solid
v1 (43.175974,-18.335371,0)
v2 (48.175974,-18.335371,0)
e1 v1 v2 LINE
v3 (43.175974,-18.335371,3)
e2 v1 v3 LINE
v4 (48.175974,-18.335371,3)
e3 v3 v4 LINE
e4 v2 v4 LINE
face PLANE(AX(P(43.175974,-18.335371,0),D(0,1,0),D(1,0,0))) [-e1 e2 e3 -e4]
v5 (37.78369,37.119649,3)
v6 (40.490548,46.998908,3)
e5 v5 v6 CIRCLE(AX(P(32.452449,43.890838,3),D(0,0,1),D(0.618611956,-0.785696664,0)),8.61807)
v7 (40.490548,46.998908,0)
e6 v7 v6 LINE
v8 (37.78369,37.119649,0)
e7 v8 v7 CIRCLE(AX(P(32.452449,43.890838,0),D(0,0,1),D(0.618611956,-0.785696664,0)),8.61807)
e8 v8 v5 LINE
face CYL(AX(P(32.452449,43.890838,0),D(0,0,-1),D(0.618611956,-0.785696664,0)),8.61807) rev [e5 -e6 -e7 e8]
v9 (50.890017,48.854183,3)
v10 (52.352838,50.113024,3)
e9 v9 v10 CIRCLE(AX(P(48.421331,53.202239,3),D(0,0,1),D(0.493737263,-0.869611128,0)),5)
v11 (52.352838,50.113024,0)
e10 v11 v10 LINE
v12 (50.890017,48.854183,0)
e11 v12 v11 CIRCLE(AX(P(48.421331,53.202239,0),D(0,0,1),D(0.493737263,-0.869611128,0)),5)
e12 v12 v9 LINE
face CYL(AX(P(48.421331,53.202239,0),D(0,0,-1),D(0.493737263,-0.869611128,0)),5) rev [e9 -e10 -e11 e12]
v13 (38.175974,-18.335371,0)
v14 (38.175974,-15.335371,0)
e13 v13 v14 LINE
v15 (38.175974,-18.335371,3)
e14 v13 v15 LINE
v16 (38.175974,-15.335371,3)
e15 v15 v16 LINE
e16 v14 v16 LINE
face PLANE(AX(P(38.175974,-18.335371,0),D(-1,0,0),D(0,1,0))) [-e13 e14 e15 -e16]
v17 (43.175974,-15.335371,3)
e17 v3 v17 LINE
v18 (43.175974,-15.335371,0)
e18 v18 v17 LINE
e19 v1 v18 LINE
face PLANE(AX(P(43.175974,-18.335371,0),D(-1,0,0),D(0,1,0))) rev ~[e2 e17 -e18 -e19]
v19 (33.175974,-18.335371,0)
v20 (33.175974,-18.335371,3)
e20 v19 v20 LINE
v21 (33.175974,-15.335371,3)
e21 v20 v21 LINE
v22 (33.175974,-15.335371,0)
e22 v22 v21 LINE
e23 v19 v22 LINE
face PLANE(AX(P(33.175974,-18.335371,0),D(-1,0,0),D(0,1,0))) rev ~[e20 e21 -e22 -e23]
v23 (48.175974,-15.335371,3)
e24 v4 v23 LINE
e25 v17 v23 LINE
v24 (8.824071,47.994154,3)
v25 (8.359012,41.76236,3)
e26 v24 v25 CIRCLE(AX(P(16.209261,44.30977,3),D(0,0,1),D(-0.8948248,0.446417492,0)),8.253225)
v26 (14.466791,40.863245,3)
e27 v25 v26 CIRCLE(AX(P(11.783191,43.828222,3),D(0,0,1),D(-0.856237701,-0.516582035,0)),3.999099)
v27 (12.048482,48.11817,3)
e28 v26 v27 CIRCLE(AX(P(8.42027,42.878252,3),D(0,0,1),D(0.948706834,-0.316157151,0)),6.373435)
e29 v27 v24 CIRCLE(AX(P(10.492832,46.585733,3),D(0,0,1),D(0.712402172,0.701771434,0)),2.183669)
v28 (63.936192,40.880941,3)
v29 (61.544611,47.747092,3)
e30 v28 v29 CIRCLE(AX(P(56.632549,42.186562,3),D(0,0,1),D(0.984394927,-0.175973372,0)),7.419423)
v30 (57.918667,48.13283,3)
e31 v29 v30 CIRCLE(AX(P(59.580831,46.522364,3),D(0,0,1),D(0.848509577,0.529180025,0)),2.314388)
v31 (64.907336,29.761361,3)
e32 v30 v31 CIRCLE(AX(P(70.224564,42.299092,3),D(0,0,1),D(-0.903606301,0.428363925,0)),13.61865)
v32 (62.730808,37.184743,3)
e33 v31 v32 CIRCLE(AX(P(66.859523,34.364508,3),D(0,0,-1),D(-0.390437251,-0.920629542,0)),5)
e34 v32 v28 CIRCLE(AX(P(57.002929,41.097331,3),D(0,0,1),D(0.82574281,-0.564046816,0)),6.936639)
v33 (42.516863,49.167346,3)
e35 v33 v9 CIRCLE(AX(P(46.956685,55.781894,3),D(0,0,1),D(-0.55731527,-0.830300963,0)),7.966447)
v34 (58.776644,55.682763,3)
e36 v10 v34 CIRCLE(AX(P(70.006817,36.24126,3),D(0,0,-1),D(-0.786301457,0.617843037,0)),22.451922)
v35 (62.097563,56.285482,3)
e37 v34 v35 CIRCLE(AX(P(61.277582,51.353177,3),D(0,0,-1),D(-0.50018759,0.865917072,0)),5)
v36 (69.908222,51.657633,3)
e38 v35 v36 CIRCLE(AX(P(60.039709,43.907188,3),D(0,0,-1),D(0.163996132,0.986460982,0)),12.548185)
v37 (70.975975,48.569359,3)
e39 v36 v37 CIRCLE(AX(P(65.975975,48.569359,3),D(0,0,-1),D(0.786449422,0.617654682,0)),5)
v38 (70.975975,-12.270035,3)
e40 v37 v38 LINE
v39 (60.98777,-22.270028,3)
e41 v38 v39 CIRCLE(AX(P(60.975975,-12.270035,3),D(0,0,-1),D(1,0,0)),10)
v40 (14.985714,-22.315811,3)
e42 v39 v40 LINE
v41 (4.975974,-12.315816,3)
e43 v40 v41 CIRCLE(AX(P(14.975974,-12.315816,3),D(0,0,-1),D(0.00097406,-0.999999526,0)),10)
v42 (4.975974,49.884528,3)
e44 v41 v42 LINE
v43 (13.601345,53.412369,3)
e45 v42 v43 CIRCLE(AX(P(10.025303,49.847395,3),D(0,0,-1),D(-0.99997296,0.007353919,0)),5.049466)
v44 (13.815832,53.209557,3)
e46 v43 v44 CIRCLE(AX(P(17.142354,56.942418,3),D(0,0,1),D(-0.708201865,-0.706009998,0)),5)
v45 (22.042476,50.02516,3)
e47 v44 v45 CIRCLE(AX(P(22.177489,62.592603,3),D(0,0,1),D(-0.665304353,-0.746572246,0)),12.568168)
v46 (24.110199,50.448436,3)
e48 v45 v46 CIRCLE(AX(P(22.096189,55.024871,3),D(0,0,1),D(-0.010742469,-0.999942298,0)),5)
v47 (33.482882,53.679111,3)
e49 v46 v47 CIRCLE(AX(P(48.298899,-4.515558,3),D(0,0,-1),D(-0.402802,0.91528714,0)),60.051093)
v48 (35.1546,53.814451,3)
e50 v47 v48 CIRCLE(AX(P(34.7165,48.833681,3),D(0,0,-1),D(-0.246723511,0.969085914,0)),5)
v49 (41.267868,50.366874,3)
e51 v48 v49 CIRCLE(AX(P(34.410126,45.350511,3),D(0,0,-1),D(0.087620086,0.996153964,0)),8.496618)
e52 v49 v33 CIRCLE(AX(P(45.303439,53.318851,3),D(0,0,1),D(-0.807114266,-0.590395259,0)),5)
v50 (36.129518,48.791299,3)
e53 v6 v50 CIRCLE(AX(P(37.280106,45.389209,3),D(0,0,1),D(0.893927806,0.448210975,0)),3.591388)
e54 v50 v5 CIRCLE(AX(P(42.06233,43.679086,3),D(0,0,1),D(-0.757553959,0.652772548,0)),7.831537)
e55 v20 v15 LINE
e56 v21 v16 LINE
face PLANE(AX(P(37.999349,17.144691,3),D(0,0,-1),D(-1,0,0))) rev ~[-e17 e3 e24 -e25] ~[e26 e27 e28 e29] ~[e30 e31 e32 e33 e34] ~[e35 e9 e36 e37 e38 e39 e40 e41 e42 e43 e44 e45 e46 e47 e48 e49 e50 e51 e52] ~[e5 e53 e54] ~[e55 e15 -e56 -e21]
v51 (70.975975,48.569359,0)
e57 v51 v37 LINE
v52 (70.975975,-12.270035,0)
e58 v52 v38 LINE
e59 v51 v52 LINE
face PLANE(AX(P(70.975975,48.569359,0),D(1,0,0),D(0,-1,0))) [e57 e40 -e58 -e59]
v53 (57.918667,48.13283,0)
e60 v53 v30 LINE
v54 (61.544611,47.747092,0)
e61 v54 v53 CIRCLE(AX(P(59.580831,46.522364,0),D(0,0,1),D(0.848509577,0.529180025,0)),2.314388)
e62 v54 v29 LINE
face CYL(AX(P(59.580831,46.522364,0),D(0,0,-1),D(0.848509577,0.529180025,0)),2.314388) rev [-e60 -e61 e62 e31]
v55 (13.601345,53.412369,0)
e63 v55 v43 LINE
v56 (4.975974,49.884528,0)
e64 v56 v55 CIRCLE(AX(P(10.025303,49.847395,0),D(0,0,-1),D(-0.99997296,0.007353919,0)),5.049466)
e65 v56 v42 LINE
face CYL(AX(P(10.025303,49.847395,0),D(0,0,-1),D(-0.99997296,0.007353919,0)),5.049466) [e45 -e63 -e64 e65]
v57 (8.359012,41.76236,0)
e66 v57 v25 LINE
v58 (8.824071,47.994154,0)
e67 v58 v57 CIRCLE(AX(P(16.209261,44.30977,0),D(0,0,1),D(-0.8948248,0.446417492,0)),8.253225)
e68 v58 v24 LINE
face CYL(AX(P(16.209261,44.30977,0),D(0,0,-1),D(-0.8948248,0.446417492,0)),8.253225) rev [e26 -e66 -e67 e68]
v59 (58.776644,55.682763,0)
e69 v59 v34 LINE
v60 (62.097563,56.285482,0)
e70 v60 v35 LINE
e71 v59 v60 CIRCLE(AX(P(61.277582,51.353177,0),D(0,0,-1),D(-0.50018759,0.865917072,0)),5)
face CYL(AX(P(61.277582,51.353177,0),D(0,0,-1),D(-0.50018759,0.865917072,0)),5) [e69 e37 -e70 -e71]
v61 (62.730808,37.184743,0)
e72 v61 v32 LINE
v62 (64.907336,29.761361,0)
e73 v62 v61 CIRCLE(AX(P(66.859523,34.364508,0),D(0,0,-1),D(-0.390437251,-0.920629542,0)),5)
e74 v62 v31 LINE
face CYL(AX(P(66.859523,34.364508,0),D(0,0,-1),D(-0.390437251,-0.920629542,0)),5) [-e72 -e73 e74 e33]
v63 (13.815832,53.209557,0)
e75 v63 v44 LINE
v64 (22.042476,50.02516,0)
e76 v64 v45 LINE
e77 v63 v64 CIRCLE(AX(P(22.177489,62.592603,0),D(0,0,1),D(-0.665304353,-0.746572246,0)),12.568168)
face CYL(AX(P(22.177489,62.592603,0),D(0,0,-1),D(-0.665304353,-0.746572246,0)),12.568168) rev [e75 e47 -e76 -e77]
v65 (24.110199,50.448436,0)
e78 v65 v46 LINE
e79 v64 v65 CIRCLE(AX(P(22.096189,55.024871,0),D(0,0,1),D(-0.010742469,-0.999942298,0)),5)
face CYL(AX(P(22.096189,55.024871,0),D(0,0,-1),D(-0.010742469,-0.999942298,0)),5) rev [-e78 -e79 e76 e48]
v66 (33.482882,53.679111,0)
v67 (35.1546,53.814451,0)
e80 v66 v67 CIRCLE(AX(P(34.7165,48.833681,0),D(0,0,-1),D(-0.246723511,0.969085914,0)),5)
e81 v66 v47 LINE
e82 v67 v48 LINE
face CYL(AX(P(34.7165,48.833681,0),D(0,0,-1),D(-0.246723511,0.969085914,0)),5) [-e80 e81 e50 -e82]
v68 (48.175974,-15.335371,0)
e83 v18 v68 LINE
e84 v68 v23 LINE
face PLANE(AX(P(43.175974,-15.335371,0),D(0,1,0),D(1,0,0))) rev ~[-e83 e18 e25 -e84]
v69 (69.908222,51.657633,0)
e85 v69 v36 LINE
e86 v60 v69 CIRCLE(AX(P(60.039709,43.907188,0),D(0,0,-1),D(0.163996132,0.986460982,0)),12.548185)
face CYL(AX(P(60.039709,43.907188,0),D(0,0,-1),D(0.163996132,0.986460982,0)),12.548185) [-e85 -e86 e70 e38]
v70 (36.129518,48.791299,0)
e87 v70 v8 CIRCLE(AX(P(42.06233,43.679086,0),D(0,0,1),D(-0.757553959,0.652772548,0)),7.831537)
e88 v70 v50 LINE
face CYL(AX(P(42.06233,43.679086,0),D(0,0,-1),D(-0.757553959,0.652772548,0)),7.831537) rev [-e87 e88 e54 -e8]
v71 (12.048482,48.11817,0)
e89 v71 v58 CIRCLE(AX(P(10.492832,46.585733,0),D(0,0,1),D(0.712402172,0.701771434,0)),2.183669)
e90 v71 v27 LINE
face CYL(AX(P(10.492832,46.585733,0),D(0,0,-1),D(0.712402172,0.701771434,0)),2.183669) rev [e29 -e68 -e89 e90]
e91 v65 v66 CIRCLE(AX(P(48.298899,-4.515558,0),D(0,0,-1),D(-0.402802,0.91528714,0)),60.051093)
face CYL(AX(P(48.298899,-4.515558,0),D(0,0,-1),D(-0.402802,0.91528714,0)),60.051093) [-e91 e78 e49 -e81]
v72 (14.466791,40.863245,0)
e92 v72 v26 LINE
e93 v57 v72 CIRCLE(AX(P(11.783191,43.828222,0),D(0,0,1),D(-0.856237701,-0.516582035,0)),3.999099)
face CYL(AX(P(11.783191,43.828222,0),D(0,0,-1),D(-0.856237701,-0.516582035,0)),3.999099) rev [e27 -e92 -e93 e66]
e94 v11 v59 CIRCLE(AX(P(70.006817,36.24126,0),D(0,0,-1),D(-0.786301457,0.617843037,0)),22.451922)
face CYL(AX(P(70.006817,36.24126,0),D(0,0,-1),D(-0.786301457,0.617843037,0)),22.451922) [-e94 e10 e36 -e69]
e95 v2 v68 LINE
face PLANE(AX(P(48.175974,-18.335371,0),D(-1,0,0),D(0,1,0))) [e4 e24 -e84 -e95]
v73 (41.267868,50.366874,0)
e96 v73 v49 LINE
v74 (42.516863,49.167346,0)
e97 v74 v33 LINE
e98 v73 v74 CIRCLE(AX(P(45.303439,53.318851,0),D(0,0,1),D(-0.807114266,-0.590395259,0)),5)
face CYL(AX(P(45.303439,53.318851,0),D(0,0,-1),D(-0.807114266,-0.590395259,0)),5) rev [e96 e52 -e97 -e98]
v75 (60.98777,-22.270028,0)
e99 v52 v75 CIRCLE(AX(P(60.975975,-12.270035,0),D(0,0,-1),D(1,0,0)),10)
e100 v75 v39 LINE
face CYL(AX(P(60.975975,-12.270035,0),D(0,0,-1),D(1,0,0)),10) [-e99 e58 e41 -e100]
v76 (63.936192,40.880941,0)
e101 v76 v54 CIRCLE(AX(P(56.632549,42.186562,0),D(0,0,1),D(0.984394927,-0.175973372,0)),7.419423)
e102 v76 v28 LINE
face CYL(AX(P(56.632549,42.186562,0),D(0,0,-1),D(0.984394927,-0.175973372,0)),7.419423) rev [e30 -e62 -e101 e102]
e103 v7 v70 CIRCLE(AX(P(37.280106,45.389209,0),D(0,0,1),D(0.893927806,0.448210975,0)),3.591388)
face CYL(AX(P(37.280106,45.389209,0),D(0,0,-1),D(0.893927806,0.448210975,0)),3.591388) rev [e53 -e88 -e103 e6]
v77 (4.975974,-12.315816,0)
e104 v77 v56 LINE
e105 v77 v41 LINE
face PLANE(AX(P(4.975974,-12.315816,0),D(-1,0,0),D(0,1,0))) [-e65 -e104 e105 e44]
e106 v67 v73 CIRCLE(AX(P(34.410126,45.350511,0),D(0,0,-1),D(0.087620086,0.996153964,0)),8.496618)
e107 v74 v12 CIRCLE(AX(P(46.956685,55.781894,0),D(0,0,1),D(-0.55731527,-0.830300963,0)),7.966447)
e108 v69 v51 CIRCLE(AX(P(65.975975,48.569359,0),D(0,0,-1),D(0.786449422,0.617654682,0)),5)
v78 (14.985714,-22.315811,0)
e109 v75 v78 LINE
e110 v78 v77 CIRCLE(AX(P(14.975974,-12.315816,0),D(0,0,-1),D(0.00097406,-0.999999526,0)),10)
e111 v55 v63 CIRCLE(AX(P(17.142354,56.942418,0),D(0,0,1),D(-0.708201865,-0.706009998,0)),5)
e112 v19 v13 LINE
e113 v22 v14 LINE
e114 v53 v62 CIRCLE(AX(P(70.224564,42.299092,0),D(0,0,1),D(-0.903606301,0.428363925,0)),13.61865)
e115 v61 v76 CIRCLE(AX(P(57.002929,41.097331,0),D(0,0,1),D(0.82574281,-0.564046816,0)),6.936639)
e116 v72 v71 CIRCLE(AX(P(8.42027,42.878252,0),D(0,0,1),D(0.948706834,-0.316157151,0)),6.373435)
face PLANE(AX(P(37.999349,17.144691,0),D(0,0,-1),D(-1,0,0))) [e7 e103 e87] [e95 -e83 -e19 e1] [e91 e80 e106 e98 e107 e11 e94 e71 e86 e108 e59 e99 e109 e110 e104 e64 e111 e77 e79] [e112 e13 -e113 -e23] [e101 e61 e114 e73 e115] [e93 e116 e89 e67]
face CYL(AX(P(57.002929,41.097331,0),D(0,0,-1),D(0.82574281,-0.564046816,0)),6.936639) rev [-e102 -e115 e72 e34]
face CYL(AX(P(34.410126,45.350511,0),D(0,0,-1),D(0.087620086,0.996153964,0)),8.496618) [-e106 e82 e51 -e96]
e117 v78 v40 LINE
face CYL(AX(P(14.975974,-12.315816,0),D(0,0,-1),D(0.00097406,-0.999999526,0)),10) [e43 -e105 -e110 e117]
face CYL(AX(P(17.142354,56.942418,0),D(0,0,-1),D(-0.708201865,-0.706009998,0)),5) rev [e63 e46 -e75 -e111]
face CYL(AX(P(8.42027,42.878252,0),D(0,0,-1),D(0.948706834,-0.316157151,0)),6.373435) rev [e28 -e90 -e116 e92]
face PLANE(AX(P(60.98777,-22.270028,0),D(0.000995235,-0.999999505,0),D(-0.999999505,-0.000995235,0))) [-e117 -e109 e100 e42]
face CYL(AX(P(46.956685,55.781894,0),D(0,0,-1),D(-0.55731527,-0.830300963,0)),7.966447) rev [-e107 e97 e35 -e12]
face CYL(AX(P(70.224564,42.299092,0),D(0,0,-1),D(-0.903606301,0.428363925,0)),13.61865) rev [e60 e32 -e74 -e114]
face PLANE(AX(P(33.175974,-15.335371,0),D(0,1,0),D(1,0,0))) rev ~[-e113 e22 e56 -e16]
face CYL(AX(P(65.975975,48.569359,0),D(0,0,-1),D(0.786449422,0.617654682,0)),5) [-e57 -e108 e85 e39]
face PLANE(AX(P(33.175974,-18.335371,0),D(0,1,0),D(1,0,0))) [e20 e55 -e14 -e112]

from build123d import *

# Parameters (mm, degrees)
MODEL_W                 = 5
MODEL_H                 = 3
SALIENTE_EXTRUIR1_DEPTH = 3


with BuildPart() as part:
    # Model → Saliente-Extruir1 (new body)
    with BuildSketch(Plane.XY):
        with BuildLine():
            ThreePointArc((41.267867754, 50.3668743), (41.840038745, 49.712625685), (42.516862734, 49.167345775))
            ThreePointArc((42.516862734, 49.167345775), (46.658942321, 47.821013343), (50.890017113, 48.854183425))
            ThreePointArc((50.890017113, 48.854183425), (51.682739903, 49.412356399), (52.352838083, 50.113023882))
            ThreePointArc((52.352838083, 50.113023882), (55.298688256, 53.204742994), (58.776644321, 55.682762754))
            ThreePointArc((58.776644321, 55.682762754), (60.384709339, 56.272809284), (62.097562925, 56.285482302))
            ThreePointArc((62.097562925, 56.285482302), (66.436098934, 54.702702392), (69.908221839, 51.657632693))
            ThreePointArc((69.908221839, 51.657632693), (70.701503033, 50.2031837), (70.975974725, 48.569359286))
            Line((70.975974725, 48.569359286), (70.975974725, -12.270034891))
            ThreePointArc((70.975974725, -12.270034891), (68.051211593, -19.336931187), (60.987770072, -22.270027934))
            Line((60.987770072, -22.270027934), (14.985714259, -22.315810799))
            ThreePointArc((14.985714259, -22.315810799), (7.908350506, -19.39032634), (4.975973655, -12.315815543))
            Line((4.975973655, -12.315815543), (4.975973655, -2.813238517))
            Line((4.975973655, -2.813238517), (4.975973655, 40.425288245))
            Line((4.975973655, 40.425288245), (4.975973655, 49.884528276))
            ThreePointArc((4.975973655, 49.884528276), (8.113744062, 54.521049823), (13.601344724, 53.412368555))
            ThreePointArc((13.601344724, 53.412368555), (13.707091478, 53.309379729), (13.815832279, 53.209557326))
            ThreePointArc((13.815832279, 53.209557326), (17.640590842, 50.871877459), (22.042476183, 50.025159874))
            ThreePointArc((22.042476183, 50.025159874), (23.098925942, 50.126451448), (24.110198526, 50.448435664))
            ThreePointArc((24.110198526, 50.448435664), (28.729757377, 52.257521246), (33.482882411, 53.679110861))
            ThreePointArc((33.482882411, 53.679110861), (34.313026149, 53.81737559), (35.154600394, 53.814451111))
            ThreePointArc((35.154600394, 53.814451111), (38.583837662, 52.751366), (41.267867754, 50.3668743))
        make_face()
        with Locations((45.675973655, -16.835371011)):
            Rectangle(MODEL_W, MODEL_H, mode=Mode.SUBTRACT)
        with Locations((35.675973655, -16.835371011)):
            Rectangle(MODEL_W, MODEL_H, mode=Mode.SUBTRACT)
        with BuildLine():
            ThreePointArc((61.544611159, 47.747091698), (59.825660646, 48.823765634), (57.918666613, 48.13283048))
            ThreePointArc((57.918666613, 48.13283048), (57.495803013, 37.456958674), (64.907336248, 29.761360741))
            ThreePointArc((64.907336248, 29.761360741), (62.061503492, 32.95773428), (62.730808451, 37.184742531))
            ThreePointArc((62.730808451, 37.184742531), (63.597745225, 38.946667832), (63.936191604, 40.880941387))
            ThreePointArc((63.936191604, 40.880941387), (63.639107759, 44.627049101), (61.544611159, 47.747091698))
        make_face(mode=Mode.SUBTRACT)
        with BuildLine():
            ThreePointArc((37.783690328, 37.119649339), (40.764172897, 41.613475795), (40.490547933, 46.998908176))
            ThreePointArc((40.490547933, 46.998908176), (38.645359064, 48.710978233), (36.129518354, 48.791298643))
            ThreePointArc((36.129518354, 48.791298643), (34.308280563, 42.580138607), (37.783690328, 37.119649339))
        make_face(mode=Mode.SUBTRACT)
        with BuildLine():
            ThreePointArc((8.359011818, 41.762359599), (11.200768363, 39.871762064), (14.466790556, 40.863244963))
            ThreePointArc((14.466790556, 40.863244963), (14.466640554, 44.89370885), (12.048482223, 48.118169962))
            ThreePointArc((12.048482223, 48.118169962), (10.408906396, 48.767789115), (8.824071113, 47.99415415))
            ThreePointArc((8.824071113, 47.99415415), (7.978922821, 44.923974684), (8.359011818, 41.762359599))
        make_face(mode=Mode.SUBTRACT)
    extrude(amount=SALIENTE_EXTRUIR1_DEPTH)


solid = part.part
